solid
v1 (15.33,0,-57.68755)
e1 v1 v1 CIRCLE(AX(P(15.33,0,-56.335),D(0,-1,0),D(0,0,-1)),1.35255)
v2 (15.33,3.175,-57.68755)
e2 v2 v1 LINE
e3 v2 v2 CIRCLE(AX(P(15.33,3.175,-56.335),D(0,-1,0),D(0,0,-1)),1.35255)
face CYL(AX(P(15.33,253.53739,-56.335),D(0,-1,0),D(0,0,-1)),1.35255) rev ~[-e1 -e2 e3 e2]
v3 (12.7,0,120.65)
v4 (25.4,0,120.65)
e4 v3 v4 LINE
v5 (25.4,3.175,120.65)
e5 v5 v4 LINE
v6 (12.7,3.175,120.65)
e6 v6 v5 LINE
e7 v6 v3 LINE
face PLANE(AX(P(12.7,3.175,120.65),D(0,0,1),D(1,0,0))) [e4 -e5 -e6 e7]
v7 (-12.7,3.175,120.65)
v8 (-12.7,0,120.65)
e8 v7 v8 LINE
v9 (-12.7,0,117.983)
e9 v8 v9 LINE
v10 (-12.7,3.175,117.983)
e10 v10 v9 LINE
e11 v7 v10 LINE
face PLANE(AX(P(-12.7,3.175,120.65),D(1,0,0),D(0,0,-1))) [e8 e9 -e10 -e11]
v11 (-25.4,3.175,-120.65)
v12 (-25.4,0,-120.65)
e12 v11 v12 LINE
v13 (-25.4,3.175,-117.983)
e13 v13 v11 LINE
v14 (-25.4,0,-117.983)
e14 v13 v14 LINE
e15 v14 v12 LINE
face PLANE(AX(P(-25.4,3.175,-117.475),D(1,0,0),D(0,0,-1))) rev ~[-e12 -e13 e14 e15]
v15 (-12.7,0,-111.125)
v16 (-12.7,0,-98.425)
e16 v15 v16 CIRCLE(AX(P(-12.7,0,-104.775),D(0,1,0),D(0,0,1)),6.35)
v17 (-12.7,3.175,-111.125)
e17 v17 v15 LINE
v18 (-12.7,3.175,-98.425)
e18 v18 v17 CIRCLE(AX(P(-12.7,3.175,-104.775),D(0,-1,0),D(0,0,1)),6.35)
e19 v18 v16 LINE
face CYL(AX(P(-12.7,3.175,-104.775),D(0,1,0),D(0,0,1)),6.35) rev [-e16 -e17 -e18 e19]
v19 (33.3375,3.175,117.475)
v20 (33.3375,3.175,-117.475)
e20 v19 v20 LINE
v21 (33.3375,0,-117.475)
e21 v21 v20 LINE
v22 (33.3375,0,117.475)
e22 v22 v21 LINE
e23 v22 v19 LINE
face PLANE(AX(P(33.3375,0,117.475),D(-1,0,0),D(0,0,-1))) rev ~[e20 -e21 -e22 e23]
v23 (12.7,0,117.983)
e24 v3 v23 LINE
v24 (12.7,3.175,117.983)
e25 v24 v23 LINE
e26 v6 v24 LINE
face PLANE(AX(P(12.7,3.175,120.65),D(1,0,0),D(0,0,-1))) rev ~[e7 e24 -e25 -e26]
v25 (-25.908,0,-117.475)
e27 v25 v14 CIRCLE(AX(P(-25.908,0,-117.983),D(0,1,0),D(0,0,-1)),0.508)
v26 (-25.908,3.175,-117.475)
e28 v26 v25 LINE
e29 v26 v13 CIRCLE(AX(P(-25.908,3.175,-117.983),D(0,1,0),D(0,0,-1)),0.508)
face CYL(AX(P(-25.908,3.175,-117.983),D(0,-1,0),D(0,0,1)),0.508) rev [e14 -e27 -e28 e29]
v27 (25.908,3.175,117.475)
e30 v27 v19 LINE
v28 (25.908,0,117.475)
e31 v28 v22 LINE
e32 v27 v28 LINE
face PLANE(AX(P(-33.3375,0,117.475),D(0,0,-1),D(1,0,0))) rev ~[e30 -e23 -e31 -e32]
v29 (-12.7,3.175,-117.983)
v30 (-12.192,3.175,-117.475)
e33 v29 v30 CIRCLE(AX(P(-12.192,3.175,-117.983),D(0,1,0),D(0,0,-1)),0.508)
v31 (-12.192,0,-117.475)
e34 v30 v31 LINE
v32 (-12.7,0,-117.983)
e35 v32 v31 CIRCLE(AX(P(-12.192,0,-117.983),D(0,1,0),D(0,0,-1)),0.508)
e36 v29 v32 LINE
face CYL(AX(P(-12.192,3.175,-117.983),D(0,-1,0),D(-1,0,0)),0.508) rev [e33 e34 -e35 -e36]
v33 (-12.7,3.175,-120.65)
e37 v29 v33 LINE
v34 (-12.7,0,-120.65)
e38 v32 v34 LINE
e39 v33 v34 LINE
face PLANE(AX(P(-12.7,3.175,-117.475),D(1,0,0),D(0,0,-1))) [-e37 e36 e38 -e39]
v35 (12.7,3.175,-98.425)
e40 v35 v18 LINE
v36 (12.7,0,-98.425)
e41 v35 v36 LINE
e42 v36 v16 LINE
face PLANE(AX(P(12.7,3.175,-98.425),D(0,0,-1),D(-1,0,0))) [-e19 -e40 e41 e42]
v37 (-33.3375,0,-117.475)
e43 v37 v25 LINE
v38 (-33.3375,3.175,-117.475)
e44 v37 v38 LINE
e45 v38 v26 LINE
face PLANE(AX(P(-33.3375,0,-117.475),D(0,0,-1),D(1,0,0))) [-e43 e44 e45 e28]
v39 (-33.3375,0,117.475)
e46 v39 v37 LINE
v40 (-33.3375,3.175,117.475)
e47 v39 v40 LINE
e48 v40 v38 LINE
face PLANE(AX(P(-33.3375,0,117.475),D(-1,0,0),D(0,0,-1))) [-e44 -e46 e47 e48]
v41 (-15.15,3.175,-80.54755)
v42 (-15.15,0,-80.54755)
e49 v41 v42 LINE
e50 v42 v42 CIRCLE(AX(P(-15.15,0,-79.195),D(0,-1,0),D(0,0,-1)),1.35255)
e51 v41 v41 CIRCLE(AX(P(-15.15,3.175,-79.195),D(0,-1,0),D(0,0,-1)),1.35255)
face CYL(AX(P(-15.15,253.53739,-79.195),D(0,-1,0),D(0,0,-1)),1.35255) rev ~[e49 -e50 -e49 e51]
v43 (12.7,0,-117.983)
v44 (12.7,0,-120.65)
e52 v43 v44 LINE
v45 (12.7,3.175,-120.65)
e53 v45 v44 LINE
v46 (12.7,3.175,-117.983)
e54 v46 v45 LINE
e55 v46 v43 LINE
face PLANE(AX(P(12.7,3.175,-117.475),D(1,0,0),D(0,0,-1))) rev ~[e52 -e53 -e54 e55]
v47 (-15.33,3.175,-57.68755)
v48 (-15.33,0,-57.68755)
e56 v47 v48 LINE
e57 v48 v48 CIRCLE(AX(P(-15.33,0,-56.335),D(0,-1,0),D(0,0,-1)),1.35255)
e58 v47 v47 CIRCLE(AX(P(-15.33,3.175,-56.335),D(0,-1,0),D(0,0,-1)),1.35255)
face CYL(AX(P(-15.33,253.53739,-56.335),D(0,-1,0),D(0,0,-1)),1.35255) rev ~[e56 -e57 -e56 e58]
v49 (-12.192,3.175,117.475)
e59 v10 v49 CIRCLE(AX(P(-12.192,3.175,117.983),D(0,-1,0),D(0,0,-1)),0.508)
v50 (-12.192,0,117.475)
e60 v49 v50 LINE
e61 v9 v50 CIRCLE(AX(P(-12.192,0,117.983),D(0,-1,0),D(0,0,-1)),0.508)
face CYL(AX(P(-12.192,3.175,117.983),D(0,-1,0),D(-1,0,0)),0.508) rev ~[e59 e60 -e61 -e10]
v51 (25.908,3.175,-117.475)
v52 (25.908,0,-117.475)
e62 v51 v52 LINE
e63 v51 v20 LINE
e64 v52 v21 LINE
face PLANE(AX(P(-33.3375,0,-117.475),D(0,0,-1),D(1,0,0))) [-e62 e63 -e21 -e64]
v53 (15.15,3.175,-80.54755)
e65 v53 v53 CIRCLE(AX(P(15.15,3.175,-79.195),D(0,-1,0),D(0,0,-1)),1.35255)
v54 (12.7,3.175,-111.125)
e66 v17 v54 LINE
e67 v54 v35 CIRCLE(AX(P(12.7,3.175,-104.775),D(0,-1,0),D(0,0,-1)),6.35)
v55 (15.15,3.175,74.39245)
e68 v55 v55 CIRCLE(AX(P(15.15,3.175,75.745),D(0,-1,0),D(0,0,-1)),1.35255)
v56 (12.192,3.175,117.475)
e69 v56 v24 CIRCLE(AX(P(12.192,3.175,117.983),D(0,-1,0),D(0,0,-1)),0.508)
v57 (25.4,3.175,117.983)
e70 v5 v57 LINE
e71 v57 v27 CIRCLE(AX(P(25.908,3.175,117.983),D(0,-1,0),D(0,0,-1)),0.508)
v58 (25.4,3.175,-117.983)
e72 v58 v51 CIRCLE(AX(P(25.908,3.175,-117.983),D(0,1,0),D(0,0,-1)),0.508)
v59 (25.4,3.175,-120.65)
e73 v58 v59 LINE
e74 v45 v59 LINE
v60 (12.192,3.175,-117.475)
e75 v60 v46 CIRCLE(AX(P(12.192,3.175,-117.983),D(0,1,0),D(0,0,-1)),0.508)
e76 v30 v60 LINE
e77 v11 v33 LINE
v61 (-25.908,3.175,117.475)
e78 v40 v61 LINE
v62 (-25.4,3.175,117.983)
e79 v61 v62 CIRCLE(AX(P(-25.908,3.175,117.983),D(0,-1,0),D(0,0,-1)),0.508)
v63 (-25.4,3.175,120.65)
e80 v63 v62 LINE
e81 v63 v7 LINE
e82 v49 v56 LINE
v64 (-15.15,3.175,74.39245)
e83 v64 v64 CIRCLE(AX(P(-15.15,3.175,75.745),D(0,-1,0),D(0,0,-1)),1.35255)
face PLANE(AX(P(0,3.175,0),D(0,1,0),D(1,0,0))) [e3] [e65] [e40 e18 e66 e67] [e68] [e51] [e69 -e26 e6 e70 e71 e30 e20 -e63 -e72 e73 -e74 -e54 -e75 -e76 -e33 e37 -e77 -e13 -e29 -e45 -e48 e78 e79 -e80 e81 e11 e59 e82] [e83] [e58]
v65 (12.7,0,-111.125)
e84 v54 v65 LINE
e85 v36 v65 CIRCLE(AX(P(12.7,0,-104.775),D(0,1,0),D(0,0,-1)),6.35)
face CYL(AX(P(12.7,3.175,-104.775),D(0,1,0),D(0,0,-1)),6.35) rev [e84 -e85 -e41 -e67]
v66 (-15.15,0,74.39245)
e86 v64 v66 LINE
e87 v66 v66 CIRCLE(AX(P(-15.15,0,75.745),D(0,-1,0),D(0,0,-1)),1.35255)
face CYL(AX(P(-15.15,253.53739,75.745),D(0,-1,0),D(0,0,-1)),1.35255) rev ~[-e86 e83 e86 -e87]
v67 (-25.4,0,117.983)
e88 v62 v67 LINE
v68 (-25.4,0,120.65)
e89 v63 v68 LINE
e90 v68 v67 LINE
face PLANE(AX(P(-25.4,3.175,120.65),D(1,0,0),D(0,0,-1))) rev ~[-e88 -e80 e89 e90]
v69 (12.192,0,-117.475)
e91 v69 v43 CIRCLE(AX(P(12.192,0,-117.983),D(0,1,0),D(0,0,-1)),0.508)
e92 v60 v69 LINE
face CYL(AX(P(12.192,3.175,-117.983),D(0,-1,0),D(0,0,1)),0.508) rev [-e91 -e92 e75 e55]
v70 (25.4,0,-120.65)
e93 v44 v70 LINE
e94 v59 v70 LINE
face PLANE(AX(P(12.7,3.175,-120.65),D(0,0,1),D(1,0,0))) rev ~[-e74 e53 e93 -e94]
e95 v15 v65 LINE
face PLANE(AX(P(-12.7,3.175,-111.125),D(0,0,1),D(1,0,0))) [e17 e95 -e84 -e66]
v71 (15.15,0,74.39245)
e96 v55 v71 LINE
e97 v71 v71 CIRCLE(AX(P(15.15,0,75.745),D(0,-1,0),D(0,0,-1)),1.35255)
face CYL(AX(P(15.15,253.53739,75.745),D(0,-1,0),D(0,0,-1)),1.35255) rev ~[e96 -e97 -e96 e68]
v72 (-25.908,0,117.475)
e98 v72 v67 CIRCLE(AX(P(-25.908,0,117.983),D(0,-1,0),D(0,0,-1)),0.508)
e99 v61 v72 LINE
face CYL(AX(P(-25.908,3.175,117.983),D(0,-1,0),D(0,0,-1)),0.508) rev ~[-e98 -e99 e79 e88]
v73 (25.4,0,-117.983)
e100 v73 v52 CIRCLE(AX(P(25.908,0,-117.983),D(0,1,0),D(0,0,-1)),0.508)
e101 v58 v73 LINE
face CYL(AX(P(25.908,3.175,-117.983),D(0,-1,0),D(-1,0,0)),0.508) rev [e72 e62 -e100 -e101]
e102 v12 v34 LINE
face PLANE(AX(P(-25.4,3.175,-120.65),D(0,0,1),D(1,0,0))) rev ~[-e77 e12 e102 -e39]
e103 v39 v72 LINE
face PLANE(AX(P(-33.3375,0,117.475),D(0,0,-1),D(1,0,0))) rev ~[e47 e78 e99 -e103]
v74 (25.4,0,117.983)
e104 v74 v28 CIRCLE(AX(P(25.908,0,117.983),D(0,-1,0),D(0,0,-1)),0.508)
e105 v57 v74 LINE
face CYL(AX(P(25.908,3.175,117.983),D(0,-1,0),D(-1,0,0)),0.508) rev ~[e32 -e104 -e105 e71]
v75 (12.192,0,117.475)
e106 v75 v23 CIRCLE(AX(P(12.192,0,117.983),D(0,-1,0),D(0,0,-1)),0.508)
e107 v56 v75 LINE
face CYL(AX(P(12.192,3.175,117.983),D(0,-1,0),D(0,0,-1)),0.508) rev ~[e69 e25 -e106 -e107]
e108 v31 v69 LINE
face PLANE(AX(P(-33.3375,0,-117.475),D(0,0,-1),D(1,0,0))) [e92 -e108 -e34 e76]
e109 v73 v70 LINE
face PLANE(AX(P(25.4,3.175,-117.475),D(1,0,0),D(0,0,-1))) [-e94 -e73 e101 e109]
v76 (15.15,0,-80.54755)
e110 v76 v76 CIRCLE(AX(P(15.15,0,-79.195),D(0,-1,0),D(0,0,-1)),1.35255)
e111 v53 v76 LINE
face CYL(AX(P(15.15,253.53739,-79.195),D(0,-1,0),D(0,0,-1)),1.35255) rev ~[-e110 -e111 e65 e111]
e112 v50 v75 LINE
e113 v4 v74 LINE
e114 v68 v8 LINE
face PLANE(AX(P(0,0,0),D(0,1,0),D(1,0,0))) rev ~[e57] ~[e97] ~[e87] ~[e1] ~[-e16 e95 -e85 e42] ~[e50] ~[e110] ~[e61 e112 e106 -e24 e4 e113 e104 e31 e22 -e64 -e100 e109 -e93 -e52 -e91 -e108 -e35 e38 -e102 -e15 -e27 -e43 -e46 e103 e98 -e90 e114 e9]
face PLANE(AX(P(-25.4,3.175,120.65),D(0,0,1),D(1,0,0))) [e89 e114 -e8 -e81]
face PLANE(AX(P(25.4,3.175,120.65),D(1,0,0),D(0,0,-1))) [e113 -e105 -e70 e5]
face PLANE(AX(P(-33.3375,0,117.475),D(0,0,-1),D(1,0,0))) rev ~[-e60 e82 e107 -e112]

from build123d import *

# Parameters (mm, degrees)
SKETCH1_W             = 66.675
SKETCH1_H             = 234.95
BOSS_EXTRUDE1_DEPTH   = 3.175
SKETCH3_W             = 12.7
SKETCH3_H             = 3.175
BOSS_EXTRUDE2_DEPTH   = 3.175
CUT_EXTRUDE1_DEPTH    = 126.211389383
FILLET1_R             = 0.508
F_6_32_TAPPED_HOLE1_D = 2.7051


with BuildPart() as part:
    # Sketch1 → Boss-Extrude1 (new body)
    with BuildSketch(Plane(origin=(0, 0, 0), x_dir=(1, 0, 0), z_dir=(0, 1, 0))):
        Rectangle(SKETCH1_W, SKETCH1_H)
    extrude(amount=BOSS_EXTRUDE1_DEPTH)

    # Sketch3 → Boss-Extrude2 (add)
    with BuildSketch(Plane(origin=(0, 3.175, 0), x_dir=(1, 0, 0), z_dir=(0, 1, 0))):
        with Locations((-19.05, -119.0625)):
            Rectangle(SKETCH3_W, SKETCH3_H)
        with Locations((19.05, -119.0625)):
            Rectangle(SKETCH3_W, SKETCH3_H)
        with Locations((19.05, 119.0625)):
            Rectangle(SKETCH3_W, SKETCH3_H)
        with Locations((-19.05, 119.0625)):
            Rectangle(SKETCH3_W, SKETCH3_H)
    extrude(amount=-BOSS_EXTRUDE2_DEPTH)

    # Sketch4 → Cut-Extrude1 (cut, through all)
    with BuildSketch(Plane(origin=(0, 3.175, 0), x_dir=(1, 0, 0), z_dir=(0, 1, 0))):
        with BuildLine():
            Line((-12.7, 111.125), (12.7, 111.125))
            ThreePointArc((12.7, 111.125), (19.05, 104.775), (12.7, 98.425))
            Line((12.7, 98.425), (-12.7, 98.425))
            ThreePointArc((-12.7, 98.425), (-19.05, 104.775), (-12.7, 111.125))
        make_face()
    extrude(amount=-CUT_EXTRUDE1_DEPTH, mode=Mode.SUBTRACT)

    # Fillet1
    fillet1_edges = [part.edges().sort_by_distance(p)[0] for p in [
        (25.4, 1.5875, 117.475),
        (12.7, 1.5875, 117.475),
        (-12.7, 1.5875, 117.475),
        (-25.4, 1.5875, 117.475),
        (25.4, 1.5875, -117.475),
        (-12.7, 1.5875, -117.475),
        (-25.4, 1.5875, -117.475),
        (12.7, 1.5875, -117.475),
    ]]
    fillet(fillet1_edges, radius=FILLET1_R)

    # #6-32 Tapped Hole1 (through all)
    with Locations(Plane(origin=(-15.15, 3.175, -79.195), x_dir=(0, 0, 1), z_dir=(0, 1, 0))):
        with Locations((0, 0), (22.86, -0.18), (154.94, 0), (0, 30.3), (22.86, 30.48), (154.94, 30.3)):
            Hole(F_6_32_TAPPED_HOLE1_D / 2)


solid = part.part
